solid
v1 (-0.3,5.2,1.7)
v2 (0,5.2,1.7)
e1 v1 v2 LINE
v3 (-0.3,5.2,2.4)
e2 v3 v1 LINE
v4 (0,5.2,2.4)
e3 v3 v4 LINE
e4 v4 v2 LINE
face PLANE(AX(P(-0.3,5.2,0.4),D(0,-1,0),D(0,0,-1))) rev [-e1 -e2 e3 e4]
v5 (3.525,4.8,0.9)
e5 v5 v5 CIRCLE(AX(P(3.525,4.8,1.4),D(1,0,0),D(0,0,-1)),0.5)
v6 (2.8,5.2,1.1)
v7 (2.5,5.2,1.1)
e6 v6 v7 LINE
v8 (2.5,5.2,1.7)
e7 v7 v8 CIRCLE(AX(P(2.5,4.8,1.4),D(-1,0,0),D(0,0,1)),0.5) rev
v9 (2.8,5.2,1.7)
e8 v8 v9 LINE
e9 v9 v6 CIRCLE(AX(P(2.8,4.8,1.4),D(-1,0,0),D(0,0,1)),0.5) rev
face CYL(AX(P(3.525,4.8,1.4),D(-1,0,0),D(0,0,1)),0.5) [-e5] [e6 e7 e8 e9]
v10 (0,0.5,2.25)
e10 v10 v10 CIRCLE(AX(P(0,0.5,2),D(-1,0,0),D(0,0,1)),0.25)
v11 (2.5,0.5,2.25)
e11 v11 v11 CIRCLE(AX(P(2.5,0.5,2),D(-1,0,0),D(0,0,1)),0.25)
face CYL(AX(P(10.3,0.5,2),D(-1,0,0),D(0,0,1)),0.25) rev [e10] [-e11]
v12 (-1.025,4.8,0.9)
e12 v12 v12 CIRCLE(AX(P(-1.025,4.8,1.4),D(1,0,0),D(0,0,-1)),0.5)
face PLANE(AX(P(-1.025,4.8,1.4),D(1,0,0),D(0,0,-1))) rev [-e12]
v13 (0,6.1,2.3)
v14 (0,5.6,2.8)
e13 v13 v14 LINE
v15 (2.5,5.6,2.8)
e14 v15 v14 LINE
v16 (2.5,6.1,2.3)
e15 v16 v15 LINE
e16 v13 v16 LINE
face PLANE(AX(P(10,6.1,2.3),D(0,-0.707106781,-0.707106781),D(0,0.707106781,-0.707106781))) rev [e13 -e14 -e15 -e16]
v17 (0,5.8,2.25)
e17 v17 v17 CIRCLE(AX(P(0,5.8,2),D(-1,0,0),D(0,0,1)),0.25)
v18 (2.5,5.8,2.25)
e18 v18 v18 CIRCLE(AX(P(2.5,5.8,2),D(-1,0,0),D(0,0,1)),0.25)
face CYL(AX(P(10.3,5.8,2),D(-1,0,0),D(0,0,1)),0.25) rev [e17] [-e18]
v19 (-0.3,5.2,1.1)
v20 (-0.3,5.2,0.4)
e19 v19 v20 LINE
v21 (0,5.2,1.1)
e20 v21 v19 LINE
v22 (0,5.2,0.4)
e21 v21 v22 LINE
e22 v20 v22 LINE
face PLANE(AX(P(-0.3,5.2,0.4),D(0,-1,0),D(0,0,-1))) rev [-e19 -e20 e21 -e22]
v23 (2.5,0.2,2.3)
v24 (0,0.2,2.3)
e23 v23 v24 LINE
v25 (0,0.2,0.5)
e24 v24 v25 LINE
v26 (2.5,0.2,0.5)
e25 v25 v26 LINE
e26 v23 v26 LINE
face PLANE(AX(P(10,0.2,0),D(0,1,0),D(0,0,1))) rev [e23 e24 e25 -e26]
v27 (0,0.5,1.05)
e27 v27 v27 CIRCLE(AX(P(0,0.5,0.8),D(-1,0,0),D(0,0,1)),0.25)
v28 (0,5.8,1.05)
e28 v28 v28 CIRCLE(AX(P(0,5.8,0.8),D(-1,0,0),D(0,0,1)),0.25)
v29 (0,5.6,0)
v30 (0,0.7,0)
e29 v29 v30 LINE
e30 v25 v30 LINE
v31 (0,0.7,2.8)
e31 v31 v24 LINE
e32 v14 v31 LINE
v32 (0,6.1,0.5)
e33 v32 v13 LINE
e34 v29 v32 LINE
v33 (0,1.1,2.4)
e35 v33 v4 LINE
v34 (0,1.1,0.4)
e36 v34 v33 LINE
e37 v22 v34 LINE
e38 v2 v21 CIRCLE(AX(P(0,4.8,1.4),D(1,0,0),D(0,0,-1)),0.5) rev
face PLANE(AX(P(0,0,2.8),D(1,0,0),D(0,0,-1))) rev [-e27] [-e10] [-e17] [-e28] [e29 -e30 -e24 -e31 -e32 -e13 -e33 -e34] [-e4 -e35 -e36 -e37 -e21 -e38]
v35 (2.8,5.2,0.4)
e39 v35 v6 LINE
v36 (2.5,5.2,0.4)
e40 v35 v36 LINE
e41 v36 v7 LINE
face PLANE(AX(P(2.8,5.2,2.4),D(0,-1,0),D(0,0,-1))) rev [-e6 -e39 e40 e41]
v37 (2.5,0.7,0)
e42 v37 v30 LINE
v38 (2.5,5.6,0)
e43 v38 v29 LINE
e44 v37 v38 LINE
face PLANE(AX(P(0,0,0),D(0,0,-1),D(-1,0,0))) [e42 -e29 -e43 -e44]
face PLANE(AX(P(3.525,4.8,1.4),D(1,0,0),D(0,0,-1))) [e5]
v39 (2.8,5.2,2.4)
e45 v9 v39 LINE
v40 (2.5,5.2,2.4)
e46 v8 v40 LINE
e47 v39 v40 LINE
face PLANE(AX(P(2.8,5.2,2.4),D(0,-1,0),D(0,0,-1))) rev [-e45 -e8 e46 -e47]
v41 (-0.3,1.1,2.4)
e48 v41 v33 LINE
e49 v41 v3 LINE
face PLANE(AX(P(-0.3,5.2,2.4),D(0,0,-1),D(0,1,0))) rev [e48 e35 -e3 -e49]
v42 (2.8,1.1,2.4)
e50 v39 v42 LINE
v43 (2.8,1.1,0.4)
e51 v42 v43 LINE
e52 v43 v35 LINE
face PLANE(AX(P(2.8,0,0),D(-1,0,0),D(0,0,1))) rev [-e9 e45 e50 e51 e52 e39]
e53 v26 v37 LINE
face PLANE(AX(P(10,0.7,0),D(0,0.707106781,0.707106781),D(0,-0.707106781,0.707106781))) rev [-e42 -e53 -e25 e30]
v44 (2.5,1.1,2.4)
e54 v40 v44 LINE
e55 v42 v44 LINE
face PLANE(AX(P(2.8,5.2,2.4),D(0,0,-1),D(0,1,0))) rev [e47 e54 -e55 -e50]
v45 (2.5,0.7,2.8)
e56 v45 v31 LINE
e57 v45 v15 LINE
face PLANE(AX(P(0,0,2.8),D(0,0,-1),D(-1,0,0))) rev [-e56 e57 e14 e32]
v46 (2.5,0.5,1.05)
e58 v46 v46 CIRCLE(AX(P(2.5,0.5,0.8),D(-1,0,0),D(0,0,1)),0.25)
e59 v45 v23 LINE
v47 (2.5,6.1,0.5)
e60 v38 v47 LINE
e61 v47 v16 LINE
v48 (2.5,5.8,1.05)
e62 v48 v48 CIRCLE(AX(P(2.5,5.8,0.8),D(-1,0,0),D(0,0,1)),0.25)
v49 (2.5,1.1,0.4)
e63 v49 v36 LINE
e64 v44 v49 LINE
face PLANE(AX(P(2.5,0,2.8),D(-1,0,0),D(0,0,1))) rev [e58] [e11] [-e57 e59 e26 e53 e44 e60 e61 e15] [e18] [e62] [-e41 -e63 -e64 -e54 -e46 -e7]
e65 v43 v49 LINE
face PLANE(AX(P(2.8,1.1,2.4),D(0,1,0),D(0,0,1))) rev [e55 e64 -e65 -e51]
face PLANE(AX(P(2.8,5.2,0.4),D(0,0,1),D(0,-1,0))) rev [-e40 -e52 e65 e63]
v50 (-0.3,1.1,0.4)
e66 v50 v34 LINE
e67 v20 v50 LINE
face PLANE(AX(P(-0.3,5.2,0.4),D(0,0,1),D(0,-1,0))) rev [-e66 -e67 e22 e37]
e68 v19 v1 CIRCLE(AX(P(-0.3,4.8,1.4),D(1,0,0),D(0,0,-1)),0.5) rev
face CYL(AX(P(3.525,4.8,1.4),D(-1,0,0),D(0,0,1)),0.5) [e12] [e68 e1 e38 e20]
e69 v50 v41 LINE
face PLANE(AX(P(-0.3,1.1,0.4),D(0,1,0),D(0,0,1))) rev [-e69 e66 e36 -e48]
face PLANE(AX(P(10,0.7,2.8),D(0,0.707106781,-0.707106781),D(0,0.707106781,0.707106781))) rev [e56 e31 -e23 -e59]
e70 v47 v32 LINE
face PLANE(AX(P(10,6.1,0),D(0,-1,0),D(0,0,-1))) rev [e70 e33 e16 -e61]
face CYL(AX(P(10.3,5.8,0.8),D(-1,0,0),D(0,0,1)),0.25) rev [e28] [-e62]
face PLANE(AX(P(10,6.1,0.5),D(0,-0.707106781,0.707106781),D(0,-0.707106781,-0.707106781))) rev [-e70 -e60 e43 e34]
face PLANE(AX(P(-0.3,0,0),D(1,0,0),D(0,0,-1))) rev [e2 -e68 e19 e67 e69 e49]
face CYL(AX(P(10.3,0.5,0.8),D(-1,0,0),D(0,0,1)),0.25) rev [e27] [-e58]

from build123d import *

# Parameters (mm, degrees)
SKETCH1_W           = 2.5
SKETCH1_H           = 6.3
BOSS_EXTRUDE2_DEPTH = 2.8
SKETCH3_W           = 2
SKETCH3_H           = 4.1
BOSS_EXTRUDE3_DEPTH = 0.3
SKETCH4_W           = 2
SKETCH4_H           = 4.1
BOSS_EXTRUDE4_DEPTH = 0.3
SKETCH5_R           = 0.25
CUT_EXTRUDE1_DEPTH  = 10.3
FILLET1_R           = 0.2
SKETCH6_R           = 0.5
BOSS_EXTRUDE5_DEPTH = 2.275
CUT_EXTRUDE2_DEPTH  = 10
CUT_EXTRUDE3_DEPTH  = 10


with BuildPart() as part:
    # Sketch1 → Boss-Extrude2 (new body)
    with BuildSketch(Plane.XY):
        with Locations((1.25, 3.15)):
            Rectangle(SKETCH1_W, SKETCH1_H)
    extrude(amount=BOSS_EXTRUDE2_DEPTH)

    # Sketch3 → Boss-Extrude3 (add)
    with BuildSketch(Plane(origin=(2.5, 0, 0), x_dir=(0, 0, -1), z_dir=(1, 0, 0))):
        with Locations((-1.4, 3.15)):
            Rectangle(SKETCH3_W, SKETCH3_H)
    extrude(amount=BOSS_EXTRUDE3_DEPTH)

    # Sketch4 → Boss-Extrude4 (add)
    with BuildSketch(Plane.ZY):
        with Locations((1.4, 3.15)):
            Rectangle(SKETCH4_W, SKETCH4_H)
    extrude(amount=BOSS_EXTRUDE4_DEPTH)

    # Sketch5 → Cut-Extrude1 (cut)
    with BuildSketch(Plane.ZY):
        with Locations((0.8, 0.5)):
            Circle(SKETCH5_R)
        with Locations((2, 0.5)):
            Circle(SKETCH5_R)
        with Locations((0.8, 5.8)):
            Circle(SKETCH5_R)
        with Locations((2, 5.8)):
            Circle(SKETCH5_R)
    extrude(amount=-CUT_EXTRUDE1_DEPTH, mode=Mode.SUBTRACT)

    # Fillet1
    fillet1_edges = [part.edges().sort_by_distance(p)[0] for p in [
        (1.25, 6.3, 2.8),
        (1.25, 6.3, 0),
        (1.25, 0, 0),
        (1.25, 0, 2.8),
    ]]
    fillet(fillet1_edges, radius=FILLET1_R)

    # Sketch6 → Boss-Extrude5 (add, symmetric)
    with BuildSketch(Plane(origin=(1.25, 0, 0), x_dir=(0, 0, -1), z_dir=(1, 0, 0))):
        with Locations(Location((-1.4, 4.8, 0), (0, 0, 126.869897646))):
            Circle(SKETCH6_R)
    extrude(amount=BOSS_EXTRUDE5_DEPTH, both=True)

    # Sketch7 → Cut-Extrude2 (cut)
    with BuildSketch(Plane.ZY):
        Polygon((0, 6.1), (2.8, 6.1), (2.8, 6.3), (2.6, 6.3), (0.2, 6.3), (0, 6.3), align=None)
        Polygon((0, 0.2), (2.8, 0.2), (2.8, 0), (2.6, 0), (0.2, 0), (0, 0), align=None)
    extrude(amount=-CUT_EXTRUDE2_DEPTH, mode=Mode.SUBTRACT)

    # Sketch8 → Cut-Extrude3 (cut)
    with BuildSketch(Plane.ZY):
        Polygon((2.8, 6.1), (2.8, 5.6), (2.3, 6.1), align=None)
        Polygon((0, 6.1), (0.5, 6.1), (0, 5.6), align=None)
        Polygon((0, 0.2), (0, 0.7), (0.5, 0.2), align=None)
        Polygon((2.8, 0.2), (2.8, 0.7), (2.3, 0.2), align=None)
    extrude(amount=-CUT_EXTRUDE3_DEPTH, mode=Mode.SUBTRACT)


solid = part.part
